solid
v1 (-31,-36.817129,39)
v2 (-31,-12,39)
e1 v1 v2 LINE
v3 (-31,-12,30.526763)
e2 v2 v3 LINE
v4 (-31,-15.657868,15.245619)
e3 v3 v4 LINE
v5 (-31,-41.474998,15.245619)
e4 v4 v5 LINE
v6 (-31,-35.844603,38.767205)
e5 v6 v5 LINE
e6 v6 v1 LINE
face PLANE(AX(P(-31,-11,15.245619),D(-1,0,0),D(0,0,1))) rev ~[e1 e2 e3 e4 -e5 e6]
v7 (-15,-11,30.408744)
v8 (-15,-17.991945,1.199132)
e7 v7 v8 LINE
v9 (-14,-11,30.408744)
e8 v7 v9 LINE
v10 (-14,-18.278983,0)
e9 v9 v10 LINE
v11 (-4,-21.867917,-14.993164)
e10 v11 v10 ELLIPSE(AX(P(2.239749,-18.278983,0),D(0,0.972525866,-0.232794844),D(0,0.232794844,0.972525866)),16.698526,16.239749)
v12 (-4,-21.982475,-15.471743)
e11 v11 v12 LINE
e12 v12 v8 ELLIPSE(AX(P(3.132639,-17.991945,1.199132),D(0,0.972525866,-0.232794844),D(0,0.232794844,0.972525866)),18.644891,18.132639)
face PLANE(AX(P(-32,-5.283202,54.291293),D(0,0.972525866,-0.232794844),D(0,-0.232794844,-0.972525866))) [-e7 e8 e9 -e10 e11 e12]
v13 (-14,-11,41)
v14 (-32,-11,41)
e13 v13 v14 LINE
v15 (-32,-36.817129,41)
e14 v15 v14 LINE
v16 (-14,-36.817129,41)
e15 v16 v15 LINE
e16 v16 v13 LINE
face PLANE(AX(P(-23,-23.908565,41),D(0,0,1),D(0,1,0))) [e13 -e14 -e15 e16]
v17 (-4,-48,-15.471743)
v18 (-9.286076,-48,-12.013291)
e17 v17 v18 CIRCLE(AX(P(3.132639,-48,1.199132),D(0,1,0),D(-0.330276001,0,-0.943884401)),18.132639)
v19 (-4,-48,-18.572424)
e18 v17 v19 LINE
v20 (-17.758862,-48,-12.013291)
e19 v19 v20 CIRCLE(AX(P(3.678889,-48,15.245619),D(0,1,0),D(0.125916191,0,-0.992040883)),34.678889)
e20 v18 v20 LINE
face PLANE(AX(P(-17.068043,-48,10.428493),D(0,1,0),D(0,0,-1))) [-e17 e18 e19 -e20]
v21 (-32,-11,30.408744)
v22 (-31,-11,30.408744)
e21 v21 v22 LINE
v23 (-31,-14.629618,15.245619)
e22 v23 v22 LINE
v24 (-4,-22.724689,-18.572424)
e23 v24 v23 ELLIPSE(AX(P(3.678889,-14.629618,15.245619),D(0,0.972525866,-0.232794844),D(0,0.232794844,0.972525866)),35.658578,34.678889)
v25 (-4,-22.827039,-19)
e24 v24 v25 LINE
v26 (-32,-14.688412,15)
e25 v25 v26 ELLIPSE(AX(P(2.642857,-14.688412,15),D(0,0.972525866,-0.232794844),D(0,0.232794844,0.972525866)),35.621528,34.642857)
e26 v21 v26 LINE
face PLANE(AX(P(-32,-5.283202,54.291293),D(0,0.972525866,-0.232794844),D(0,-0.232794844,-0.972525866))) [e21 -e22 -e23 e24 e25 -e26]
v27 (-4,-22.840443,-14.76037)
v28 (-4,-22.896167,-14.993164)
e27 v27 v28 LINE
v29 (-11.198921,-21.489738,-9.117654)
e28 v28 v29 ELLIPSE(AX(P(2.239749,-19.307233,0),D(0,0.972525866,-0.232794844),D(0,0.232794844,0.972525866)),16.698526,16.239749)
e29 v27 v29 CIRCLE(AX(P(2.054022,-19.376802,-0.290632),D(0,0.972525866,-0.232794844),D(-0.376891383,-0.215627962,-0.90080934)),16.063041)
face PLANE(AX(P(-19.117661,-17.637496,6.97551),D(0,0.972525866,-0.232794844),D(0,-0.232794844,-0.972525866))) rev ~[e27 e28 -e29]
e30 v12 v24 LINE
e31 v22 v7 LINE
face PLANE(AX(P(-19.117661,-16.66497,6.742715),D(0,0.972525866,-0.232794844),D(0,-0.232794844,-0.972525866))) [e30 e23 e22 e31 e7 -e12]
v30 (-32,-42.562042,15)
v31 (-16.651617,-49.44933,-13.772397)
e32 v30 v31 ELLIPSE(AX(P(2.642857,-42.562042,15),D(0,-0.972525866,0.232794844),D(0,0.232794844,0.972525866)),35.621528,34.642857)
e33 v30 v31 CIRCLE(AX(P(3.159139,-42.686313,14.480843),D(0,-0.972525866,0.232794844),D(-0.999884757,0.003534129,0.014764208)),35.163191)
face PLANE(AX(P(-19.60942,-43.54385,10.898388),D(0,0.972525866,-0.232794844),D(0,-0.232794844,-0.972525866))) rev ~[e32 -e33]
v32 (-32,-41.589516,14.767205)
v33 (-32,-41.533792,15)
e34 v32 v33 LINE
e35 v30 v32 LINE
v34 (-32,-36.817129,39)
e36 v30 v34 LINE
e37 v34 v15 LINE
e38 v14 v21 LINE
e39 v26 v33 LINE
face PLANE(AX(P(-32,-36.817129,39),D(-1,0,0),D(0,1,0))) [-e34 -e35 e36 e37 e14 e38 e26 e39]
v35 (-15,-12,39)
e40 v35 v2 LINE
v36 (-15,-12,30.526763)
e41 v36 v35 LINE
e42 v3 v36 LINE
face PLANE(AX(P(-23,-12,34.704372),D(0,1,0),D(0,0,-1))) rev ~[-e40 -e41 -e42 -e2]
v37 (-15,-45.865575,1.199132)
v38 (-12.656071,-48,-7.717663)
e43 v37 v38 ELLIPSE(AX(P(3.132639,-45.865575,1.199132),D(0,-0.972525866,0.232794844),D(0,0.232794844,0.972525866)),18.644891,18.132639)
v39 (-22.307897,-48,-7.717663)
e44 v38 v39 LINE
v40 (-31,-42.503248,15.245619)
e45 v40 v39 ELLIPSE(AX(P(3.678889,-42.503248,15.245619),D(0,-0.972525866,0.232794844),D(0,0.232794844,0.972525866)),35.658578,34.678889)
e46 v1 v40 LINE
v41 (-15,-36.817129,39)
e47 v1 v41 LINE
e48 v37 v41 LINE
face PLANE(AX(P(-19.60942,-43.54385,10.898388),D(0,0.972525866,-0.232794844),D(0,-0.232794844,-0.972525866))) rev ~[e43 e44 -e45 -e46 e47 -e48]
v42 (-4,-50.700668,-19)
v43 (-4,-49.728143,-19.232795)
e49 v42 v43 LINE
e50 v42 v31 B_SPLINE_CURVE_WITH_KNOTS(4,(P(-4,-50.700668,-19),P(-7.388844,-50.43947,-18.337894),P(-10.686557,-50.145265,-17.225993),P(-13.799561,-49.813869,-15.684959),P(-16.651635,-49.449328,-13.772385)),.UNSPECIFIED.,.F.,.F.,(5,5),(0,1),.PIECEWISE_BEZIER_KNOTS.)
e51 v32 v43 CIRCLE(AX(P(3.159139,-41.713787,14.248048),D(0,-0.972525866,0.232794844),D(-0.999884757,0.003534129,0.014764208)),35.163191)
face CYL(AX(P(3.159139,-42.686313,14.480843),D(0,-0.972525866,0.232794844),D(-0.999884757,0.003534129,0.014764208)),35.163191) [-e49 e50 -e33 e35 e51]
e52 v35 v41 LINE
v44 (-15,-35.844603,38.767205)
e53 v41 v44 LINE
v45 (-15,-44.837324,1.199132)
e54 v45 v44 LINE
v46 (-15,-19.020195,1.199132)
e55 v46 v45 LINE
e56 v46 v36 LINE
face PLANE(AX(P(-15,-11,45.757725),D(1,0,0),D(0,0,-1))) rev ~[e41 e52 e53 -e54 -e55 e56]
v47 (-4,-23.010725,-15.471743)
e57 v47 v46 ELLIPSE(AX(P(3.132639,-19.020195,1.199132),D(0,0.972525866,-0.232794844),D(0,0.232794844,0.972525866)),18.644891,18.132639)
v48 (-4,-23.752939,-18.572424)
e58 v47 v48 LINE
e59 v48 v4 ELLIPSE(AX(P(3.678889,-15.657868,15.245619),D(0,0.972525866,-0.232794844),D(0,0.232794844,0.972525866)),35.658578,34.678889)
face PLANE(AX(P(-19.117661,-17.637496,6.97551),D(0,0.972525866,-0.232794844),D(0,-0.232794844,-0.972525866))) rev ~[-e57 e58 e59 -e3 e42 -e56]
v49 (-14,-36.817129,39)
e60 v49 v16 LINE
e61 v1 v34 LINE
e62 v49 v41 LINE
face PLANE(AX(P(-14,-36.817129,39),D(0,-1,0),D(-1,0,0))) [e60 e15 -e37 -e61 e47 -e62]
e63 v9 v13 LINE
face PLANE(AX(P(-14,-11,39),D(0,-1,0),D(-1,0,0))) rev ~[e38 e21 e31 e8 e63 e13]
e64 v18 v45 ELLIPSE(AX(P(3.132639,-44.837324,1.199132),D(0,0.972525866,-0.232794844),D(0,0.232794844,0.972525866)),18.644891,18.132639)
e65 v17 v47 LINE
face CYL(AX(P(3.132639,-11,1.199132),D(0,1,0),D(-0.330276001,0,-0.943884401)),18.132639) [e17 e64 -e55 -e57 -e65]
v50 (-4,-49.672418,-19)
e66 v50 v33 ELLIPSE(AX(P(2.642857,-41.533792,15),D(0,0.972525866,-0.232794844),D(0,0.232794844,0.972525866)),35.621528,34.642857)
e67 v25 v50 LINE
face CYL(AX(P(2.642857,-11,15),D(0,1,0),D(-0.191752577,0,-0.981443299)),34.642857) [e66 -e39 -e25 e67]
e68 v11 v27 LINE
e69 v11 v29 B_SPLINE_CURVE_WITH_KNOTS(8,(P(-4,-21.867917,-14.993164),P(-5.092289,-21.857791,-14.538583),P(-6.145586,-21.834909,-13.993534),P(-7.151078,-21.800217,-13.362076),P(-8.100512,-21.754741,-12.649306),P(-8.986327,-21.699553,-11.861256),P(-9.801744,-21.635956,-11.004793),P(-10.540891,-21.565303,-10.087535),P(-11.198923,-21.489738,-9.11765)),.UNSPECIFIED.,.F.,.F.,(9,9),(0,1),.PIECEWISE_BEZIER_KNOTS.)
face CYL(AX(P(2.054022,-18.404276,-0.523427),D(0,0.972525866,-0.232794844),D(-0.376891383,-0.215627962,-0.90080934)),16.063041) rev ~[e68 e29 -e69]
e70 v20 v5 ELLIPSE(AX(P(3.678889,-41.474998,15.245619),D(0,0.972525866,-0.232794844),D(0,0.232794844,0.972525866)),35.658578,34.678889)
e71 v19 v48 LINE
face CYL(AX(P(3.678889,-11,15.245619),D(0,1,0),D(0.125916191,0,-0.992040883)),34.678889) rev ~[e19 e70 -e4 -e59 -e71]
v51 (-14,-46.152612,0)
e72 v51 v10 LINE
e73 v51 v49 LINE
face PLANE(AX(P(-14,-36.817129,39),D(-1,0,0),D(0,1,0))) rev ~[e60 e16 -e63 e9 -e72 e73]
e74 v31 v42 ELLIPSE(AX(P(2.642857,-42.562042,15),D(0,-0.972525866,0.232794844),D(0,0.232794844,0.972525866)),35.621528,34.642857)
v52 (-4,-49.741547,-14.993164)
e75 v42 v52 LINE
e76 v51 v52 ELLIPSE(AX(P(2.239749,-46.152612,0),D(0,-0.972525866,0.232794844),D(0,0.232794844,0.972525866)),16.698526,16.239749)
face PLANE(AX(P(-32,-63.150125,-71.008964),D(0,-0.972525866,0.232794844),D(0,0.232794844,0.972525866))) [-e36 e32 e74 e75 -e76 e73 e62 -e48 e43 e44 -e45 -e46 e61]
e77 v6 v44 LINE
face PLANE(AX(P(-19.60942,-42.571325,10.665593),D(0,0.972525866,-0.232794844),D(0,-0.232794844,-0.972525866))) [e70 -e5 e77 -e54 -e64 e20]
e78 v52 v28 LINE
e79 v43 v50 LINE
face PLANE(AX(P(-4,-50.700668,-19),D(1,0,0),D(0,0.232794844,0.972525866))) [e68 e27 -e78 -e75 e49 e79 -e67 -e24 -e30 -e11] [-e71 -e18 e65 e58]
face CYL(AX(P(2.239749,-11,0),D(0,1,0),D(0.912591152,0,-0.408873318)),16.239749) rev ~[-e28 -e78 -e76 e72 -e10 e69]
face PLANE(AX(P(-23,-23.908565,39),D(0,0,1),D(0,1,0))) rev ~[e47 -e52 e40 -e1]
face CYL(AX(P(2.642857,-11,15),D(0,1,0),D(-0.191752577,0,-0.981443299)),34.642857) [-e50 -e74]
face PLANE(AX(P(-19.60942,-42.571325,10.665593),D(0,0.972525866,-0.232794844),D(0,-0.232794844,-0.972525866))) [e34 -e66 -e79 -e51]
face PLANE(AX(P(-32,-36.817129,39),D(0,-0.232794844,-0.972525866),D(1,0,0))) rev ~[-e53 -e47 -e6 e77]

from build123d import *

# Parameters (mm, degrees)
SKETCH035_W     = 48
SKETCH035_H     = 58
PAD_DEPTH       = 18
PAD_DEPTH_BACK  = 10
POCKET_DEPTH    = 28.001
POCKET001_DEPTH = 39.7016683899
POCKET002_DEPTH = 39.7016683899
POCKET003_DEPTH = 37
PAD001_DEPTH    = 1
PAD002_DEPTH    = 1
SKETCH047_W     = 8.5912555575
SKETCH047_H     = 18
PAD003_DEPTH    = 1
SKETCH048_W     = 25.8171292066
SKETCH048_H     = 18
PAD004_DEPTH    = 2


with BuildPart() as part:
    # Sketch035 → Pad (new body, two sides)
    with BuildSketch(Plane(origin=(-14, 0, 0), x_dir=(0, -1, 0), z_dir=(-1, 0, 0))) as pad_sk:
        with Locations((35, 10)):
            Rectangle(SKETCH035_W, SKETCH035_H)
    extrude(amount=PAD_DEPTH)
    extrude(pad_sk.sketch, amount=-PAD_DEPTH_BACK)

    # Sketch037 (on Face6 of Pad) → Pocket (cut, through all)
    with BuildSketch(Plane(origin=(-32, 0, 0), x_dir=(0, -1, 0), z_dir=(-1, 0, 0))):
        Polygon((5.2832016696, 54.2912933219), (25.506728, -30.1946948458), (-54.670101, -30.1946948458), (-35.189949, 60.570816), (99.69088, 60.570816), (63.150125, -71.0089635543), (31.712076, 60.3269168671), align=None)
    extrude(amount=-POCKET_DEPTH, mode=Mode.SUBTRACT)

    # Sketch038 (on Face5 of Pocket) → Pocket001 (cut, through all)
    with BuildSketch(Plane(origin=(-14, -11, 0), x_dir=(0, 0, -1), z_dir=(0, 1, 0))):
        with BuildLine():
            Line((-54.22, 0), (0, 0))
            ThreePointArc((6.64, -31.06), (15.8809099236, -12.8447314265), (0, 0))
            Line((-54.22, -31.06), (6.64, -31.06))
            Line((-54.22, 0), (-54.22, -31.06))
        make_face()
    extrude(amount=-POCKET001_DEPTH, mode=Mode.SUBTRACT)

    # Sketch039 (on Face5 of Pocket001) → Pocket002 (cut, through all)
    with BuildSketch(Plane(origin=(-14, -11, 0), x_dir=(0, 0, -1), z_dir=(0, 1, 0))):
        with BuildLine():
            Line((-54.093197, 18), (-15, 18))
            ThreePointArc((19, -10), (7.0227155455, 10.0990117339), (-15, 18))
            Line((19, -10), (21.080846, -20.6503515699))
            Line((21.080846, -20.6503515699), (53.173771, 36.372562))
            Line((53.173771, 36.372562), (-65.403534, 96.827888))
            Line((-65.403534, 96.827888), (-54.093197, 18))
        make_face()
    extrude(amount=-POCKET002_DEPTH, mode=Mode.SUBTRACT)

    # Sketch043 (on Face5 of Pocket002) → Pocket003 (cut)
    with BuildSketch(Plane(origin=(-14, -11, 0), x_dir=(0, 0, -1), z_dir=(0, 1, 0))):
        with BuildLine():
            Line((-15.245619, 17), (-45.757725, 17))
            Line((-45.757725, 17), (-45.757725, 1))
            Line((-45.757725, 1), (-1.199132, 1))
            ThreePointArc((15.9159831091, -11.1438635069), (9.2937296934, -2.3443851955), (-1.199132, 1))
            Line((15.9159831091, -11.1438635069), (19.157257, -22.045523))
            ThreePointArc((19.157257, -22.045523), (10.774136684, 5.2470278766), (-15.245619, 17))
        make_face()
    extrude(amount=-POCKET003_DEPTH, mode=Mode.SUBTRACT)

    # Sketch045 (on Face2 of Pocket003) → Pad001 (join)
    with BuildSketch(Plane(origin=(-14, -43.6514436381, 10.4489056579), x_dir=(0, 0.2327948443, 0.9725258662), z_dir=(0, -0.9725258662, 0.2327948443))):
        with BuildLine():
            Line((4.6796640586, 18), (29.3576709206, 18))
            Line((29.3576709206, 18), (29.3576709206, 0))
            Line((29.3576709206, 0), (-10.7440902302, 0))
            ThreePointArc((-10.7440902303, 0), (-19.9801823393, -2.6447416067), (-26.1608157681, -10))
            Line((-30.2808456627, -10), (-26.1608157681, -10))
            ThreePointArc((4.6796640586, 18), (-17.8355499986, 10.2865978549), (-30.2808456627, -10))
        make_face()
    extrude(amount=-PAD001_DEPTH)

    # Sketch046 (on Face14 of Pad001) → Pad002 (join)
    with BuildSketch(Plane(origin=(-14, -17.2883817298, 4.1383435373), x_dir=(0, -0.2327948443, -0.9725258662), z_dir=(0, 0.9725258662, -0.2327948443))):
        with BuildLine():
            Line((-11.1685013634, 18), (-27.012547242, 18))
            Line((-27.012547242, 18), (-27.012547242, 0))
            Line((-27.012547242, 0), (4.2552529254, 0))
            ThreePointArc((19.6719784632, -10), (13.534807381, -2.5777368999), (4.2552529254, 0))
            Line((19.6719784632, -10), (23.7920083579, -10))
            ThreePointArc((23.7920083579, -10), (11.1478849959, 10.0383436525), (-11.1685013634, 18))
        make_face()
    extrude(amount=-PAD002_DEPTH)

    # Sketch047 (on Face4 of Pad002) → Pad003 (join)
    with BuildSketch(Plane(origin=(-14, -11, 0), x_dir=(0, 0, -1), z_dir=(0, 1, 0))):
        with Locations((-34.7043722212, 9)):
            Rectangle(SKETCH047_W, SKETCH047_H)
    extrude(amount=-PAD003_DEPTH)

    # Sketch048 (on Face1 of Pad003) → Pad004 (join)
    with BuildSketch(Plane(origin=(-14, 0, 39), x_dir=(0, 1, 0), z_dir=(0, 0, 1))):
        with Locations((-23.9085646033, 9)):
            Rectangle(SKETCH048_W, SKETCH048_H)
    extrude(amount=PAD004_DEPTH)


solid = part.part
